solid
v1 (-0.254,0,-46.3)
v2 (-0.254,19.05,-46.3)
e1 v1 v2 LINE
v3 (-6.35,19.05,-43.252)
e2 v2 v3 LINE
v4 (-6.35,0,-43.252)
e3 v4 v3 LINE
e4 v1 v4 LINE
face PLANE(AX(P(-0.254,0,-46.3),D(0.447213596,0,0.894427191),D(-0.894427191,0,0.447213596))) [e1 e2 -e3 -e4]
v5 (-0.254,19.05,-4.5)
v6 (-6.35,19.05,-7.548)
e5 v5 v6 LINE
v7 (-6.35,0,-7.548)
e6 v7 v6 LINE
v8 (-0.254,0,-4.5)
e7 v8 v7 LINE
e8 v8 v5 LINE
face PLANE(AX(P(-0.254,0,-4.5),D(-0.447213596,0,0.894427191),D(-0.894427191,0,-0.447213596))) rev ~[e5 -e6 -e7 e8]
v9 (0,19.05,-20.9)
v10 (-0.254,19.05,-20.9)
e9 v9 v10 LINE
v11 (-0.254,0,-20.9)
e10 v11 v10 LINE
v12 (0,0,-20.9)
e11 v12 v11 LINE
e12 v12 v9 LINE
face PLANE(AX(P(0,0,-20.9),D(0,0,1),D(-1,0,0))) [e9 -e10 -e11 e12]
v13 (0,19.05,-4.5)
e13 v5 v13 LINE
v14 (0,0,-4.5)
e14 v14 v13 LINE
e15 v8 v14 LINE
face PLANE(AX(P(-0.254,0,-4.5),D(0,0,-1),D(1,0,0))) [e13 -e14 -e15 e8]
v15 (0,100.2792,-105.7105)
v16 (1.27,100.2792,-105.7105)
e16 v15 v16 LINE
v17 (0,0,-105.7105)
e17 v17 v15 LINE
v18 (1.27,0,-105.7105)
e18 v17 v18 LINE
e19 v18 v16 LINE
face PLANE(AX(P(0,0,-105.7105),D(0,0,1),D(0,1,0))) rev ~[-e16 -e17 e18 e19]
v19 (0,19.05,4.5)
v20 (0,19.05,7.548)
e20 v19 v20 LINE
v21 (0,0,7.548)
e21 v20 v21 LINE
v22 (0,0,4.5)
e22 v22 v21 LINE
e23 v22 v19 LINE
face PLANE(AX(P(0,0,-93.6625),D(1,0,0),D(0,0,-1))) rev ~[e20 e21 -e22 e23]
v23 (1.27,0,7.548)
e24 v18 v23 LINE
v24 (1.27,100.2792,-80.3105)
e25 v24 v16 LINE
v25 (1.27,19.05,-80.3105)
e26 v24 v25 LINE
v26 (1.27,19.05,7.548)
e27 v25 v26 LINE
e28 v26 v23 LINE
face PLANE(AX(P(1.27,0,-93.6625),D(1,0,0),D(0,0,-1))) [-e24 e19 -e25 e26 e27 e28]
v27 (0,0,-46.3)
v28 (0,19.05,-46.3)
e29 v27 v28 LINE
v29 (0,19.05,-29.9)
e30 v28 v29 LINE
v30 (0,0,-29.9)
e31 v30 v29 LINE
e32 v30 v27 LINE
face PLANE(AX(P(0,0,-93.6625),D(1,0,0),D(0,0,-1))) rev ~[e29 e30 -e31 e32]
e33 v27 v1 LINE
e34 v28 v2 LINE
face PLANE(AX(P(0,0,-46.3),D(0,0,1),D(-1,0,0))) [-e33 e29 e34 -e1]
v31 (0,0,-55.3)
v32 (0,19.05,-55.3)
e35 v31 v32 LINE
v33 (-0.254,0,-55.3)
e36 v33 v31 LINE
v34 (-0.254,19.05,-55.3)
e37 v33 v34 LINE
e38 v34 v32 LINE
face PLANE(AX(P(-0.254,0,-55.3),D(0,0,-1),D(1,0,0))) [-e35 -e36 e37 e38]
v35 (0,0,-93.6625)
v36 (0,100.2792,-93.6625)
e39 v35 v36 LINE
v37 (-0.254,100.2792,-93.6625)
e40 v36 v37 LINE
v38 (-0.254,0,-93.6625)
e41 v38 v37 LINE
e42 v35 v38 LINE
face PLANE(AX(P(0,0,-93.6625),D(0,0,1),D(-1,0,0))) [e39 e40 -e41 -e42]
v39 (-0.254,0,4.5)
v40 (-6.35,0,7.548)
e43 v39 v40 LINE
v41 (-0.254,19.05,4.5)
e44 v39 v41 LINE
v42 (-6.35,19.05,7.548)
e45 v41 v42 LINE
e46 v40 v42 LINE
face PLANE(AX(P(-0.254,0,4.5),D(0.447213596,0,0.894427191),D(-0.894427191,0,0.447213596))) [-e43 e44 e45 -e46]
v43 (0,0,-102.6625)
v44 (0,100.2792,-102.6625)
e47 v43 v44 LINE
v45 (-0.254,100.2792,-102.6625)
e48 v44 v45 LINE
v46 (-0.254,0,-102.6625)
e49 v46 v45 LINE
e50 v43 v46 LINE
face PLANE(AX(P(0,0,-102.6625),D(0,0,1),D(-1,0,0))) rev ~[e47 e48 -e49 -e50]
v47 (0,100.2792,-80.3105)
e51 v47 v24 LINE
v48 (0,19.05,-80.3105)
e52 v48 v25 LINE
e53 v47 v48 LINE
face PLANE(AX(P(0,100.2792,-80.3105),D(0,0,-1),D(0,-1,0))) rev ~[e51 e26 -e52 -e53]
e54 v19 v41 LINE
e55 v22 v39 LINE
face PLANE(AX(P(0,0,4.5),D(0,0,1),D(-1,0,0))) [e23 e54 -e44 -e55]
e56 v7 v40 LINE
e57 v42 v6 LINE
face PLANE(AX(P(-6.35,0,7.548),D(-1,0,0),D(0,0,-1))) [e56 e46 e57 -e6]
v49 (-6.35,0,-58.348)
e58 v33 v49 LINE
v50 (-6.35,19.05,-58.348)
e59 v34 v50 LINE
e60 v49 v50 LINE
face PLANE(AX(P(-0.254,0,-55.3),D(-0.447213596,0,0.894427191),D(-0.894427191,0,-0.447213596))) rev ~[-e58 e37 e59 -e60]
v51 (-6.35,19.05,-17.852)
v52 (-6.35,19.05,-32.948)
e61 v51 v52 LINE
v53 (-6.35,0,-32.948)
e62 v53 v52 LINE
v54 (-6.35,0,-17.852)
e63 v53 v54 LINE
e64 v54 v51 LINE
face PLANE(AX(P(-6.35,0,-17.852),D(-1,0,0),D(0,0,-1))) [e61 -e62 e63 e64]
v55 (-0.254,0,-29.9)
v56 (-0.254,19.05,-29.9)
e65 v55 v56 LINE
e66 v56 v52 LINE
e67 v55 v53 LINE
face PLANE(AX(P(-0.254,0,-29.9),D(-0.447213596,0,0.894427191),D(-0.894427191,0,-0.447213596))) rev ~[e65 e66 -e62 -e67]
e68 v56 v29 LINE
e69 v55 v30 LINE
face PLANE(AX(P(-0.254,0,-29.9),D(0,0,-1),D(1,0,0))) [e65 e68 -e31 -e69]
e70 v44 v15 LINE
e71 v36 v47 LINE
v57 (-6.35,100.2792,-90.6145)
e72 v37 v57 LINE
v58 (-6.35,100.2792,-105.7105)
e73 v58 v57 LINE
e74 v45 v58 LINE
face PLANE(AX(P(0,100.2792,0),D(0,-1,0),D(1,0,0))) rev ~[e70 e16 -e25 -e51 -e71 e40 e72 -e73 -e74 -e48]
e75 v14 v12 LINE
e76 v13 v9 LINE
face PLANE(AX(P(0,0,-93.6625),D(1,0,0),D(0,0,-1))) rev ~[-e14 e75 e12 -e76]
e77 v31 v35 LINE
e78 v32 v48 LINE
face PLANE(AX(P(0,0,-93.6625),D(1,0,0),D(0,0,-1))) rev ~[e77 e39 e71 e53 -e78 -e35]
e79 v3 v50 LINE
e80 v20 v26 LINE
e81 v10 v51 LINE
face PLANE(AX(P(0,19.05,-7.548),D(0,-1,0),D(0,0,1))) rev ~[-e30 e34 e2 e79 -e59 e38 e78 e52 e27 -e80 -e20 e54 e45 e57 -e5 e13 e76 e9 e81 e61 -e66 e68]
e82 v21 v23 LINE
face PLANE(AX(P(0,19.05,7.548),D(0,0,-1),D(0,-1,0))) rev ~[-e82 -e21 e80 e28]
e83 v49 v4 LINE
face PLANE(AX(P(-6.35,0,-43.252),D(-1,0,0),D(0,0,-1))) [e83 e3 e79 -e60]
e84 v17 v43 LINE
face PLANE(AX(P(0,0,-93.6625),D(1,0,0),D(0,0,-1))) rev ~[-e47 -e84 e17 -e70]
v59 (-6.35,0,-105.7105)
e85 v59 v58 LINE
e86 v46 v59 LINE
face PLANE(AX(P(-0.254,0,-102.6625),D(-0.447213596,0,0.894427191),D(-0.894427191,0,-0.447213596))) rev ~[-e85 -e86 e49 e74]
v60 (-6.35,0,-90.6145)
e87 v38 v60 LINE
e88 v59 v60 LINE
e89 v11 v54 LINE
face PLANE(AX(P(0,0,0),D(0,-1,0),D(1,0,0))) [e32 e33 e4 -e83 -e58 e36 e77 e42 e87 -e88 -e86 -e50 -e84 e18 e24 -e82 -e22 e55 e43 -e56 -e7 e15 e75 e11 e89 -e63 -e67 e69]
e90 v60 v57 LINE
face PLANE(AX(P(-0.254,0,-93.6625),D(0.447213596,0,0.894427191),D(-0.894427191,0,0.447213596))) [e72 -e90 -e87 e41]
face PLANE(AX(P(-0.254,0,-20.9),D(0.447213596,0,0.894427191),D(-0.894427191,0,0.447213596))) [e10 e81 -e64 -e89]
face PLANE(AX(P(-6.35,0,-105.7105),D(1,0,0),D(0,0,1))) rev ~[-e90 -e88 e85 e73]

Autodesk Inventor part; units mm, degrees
ref_plane "YZ Plane" through (0, 0, 0) normal (1, 0, 0) x (0, 1, 0)
ref_plane "XZ Plane" through (0, 0, 0) normal (0, 1, 0) x (-1, 0, 0)
ref_plane "XY Plane" through (0, 0, 0) normal (0, 0, 1) x (1, 0, 0)
sketch "Sketch1" plane through (0, 0, 0) normal (0, 1, 0) x (-1, 0, 0)
  line L0 (0, 4.5) -> (0.254, 4.5)
  line L1 (0.254, -4.5) -> (0, -4.5)
  line L2 (6.35, 4.5) -> (6.35, -4.5)
  line L3 (6.35, 7.548) -> (6.35, 4.5)
  line L4 (6.35, -7.548) -> (6.35, -4.5)
  line L5 (0.254, 4.5) -> (6.35, 7.548)
  line L6 (0.254, -4.5) -> (6.35, -7.548)
  line L7 (0, 4.5) -> (0, -4.5)
  line L8 (0, -20.9) -> (0.254, -20.9)
  line L9 (0.254, -29.9) -> (0, -29.9)
  line L10 (6.35, -20.9) -> (6.35, -29.9)
  line L11 (6.35, -17.852) -> (6.35, -20.9)
  line L12 (6.35, -32.948) -> (6.35, -29.9)
  line L13 (0.254, -20.9) -> (6.35, -17.852)
  line L14 (0.254, -29.9) -> (6.35, -32.948)
  line L15 (0, -20.9) -> (0, -29.9)
  line L16 (0, -46.3) -> (0.254, -46.3)
  line L17 (0.254, -55.3) -> (0, -55.3)
  line L18 (6.35, -46.3) -> (6.35, -55.3)
  line L19 (6.35, -43.252) -> (6.35, -46.3)
  line L20 (6.35, -58.348) -> (6.35, -55.3)
  line L21 (0.254, -46.3) -> (6.35, -43.252)
  line L22 (0.254, -55.3) -> (6.35, -58.348)
  line L23 (0, -46.3) -> (0, -55.3)
  line L24 (0, -71.7) -> (0.254, -71.7)
  line L25 (0.254, -80.7) -> (0, -80.7)
  line L26 (6.35, -71.7) -> (6.35, -80.7)
  line L27 (6.35, -68.652) -> (6.35, -71.7)
  line L28 (6.35, -83.748) -> (6.35, -80.7)
  line L29 (0.254, -71.7) -> (6.35, -68.652)
  line L30 (0.254, -80.7) -> (6.35, -83.748)
  line L31 (0, -71.7) -> (0, -80.7)
  point P0 (0, 0)
  dimension "d16" = 6.096
  dimension "d25" = 9
  dimension "d26" = 3.048
  dimension "d27" = 3.048
  dimension "d28" = 0.254
  dimension "d29" = 0.254
  dimension "d33" = 25.4
extrude "Shape" add sketch "Sketch1" along normal blind 19.05 contours L0 L5 L3 L2 L4 L6 L1 L7 | L8 L13 L11 L10 L12 L14 L9 L15 | L16 L21 L19 L18 L20 L22 L17 L23
sketch "Sketch4" plane through (0, 0, 0) normal (0, -1, 0) x (1, 0, 0)
  line L0 (0, -55.3) -> (-0.254, -55.3) construction
  line L1 (0, -46.3) -> (0, -55.3) construction
  line L2 (-6.35, -43.252) -> (-0.254, -46.3) construction
  line L3 (-6.35, -58.348) -> (-6.35, -43.252) construction
  line L4 (-0.254, -55.3) -> (-6.35, -58.348) construction
  line L5 (-0.254, -46.3) -> (0, -46.3) construction
  line L6 (0, -93.6625) -> (-0.254, -93.6625)
  line L7 (-0.254, -93.6625) -> (-6.35, -90.6145)
  line L8 (-6.35, -105.7105) -> (-6.35, -90.6145)
  line L9 (-0.254, -55.3) -> (-6.35, -58.348) projected
  line L10 (-0.254, -102.6625) -> (-6.35, -105.7105)
  line L11 (0, -102.6625) -> (-0.254, -102.6625)
  line L12 (0, -102.6625) -> (0, -93.6625)
  line L13 (-0.254, -46.3) -> (0, -46.3) projected
  line L14 (0, -46.3) -> (0, -55.3) projected
  line L15 (0, -55.3) -> (0, -93.4) construction
  point P0 (0, 0)
  dimension "d43" = 38.1
extrude "Extrusion4" add sketch "Sketch4" against normal blind 100.2792
sketch "Sketch5" plane through (0, 0, -93.6625) normal (1, 0, 0) x (0, 0, -1)
  line L0 (12.048, 0) -> (12.048, 100.2792) construction
  line L1 (0, 100.2792) -> (9, 100.2792) construction
  line L2 (-101.2105, 0) -> (-101.2105, 19.05) construction
  line L3 (-86.1145, 0) -> (-101.2105, 0) projected
  line L4 (12.048, 0) -> (9, 0) projected
  line L5 (-101.2105, 0) -> (12.048, 0)
  line L6 (9, 100.2792) -> (12.048, 100.2792) projected
  line L7 (12.048, 0) -> (12.048, 100.2792)
  line L8 (12.048, 100.2792) -> (-13.352, 100.2792)
  line L9 (-13.352, 100.2792) -> (-13.352, 19.05)
  line L10 (-38.3625, 19.05) -> (-35.3145, 19.05) projected
  line L11 (-86.1145, 19.05) -> (-101.2105, 19.05) projected
  line L12 (-13.352, 19.05) -> (-101.2105, 19.05)
  line L13 (-101.2105, 19.05) -> (-101.2105, 0)
  point P0 (-93.6625, 0)
  point P1 (-101.2105, 100.2792)
  dimension "d46" = 25.4
extrude "Extrusion5" add sketch "Sketch5" along normal blind 1.27
sketch "Sketch6" plane through (-6.35, 0, -105.7105) normal (-1, 0, 0) x (0, 0, 1)
  line L0 (0, 100.2792) -> (15.096, 100.2792) projected
  line L1 (7.548, 100.2792) -> (7.548, 0) construction
  line L2 (113.2585, 0) -> (0, 0) projected
  circle A0 centre (7.548, 9.525) radius 1.9304
  circle A1 centre (7.548, 36.4744) radius 1.9304
  circle A2 centre (7.548, 63.4238) radius 1.9304
  circle A3 centre (7.548, 90.3732) radius 1.9304
  circle A4 centre (106.4852, 9.525) radius 1.9304
  circle A5 centre (79.5358, 9.525) radius 1.9304
  line L3 (113.2585, 0) -> (113.2585, 19.05) projected
  line L4 (25.4, 19.05) -> (113.2585, 19.05) construction
  line L5 (105.7105, 19.05) -> (105.7105, 0) construction
  line L6 (72.7625, 19.05) -> (87.8585, 19.05) construction
  line L7 (80.3105, 19.05) -> (80.3105, 0) construction
  line L8 (72.7625, 0) -> (87.8585, 0) construction
  line L9 (72.7625, 0) -> (72.7625, 19.05) projected
  line L10 (87.8585, 0) -> (87.8585, 19.05) projected
  dimension "d54" = 26.9494
  dimension "d48" = 3.8608
  dimension "d51" = 26.9494
  dimension "d57" = 3.8608
  dimension "d60" = 26.9494
  dimension "d69" = 0.7747
equation "\"d27\" = d26"
equation "\"d29\" = d28"
properties part number "Sliding test wall"
